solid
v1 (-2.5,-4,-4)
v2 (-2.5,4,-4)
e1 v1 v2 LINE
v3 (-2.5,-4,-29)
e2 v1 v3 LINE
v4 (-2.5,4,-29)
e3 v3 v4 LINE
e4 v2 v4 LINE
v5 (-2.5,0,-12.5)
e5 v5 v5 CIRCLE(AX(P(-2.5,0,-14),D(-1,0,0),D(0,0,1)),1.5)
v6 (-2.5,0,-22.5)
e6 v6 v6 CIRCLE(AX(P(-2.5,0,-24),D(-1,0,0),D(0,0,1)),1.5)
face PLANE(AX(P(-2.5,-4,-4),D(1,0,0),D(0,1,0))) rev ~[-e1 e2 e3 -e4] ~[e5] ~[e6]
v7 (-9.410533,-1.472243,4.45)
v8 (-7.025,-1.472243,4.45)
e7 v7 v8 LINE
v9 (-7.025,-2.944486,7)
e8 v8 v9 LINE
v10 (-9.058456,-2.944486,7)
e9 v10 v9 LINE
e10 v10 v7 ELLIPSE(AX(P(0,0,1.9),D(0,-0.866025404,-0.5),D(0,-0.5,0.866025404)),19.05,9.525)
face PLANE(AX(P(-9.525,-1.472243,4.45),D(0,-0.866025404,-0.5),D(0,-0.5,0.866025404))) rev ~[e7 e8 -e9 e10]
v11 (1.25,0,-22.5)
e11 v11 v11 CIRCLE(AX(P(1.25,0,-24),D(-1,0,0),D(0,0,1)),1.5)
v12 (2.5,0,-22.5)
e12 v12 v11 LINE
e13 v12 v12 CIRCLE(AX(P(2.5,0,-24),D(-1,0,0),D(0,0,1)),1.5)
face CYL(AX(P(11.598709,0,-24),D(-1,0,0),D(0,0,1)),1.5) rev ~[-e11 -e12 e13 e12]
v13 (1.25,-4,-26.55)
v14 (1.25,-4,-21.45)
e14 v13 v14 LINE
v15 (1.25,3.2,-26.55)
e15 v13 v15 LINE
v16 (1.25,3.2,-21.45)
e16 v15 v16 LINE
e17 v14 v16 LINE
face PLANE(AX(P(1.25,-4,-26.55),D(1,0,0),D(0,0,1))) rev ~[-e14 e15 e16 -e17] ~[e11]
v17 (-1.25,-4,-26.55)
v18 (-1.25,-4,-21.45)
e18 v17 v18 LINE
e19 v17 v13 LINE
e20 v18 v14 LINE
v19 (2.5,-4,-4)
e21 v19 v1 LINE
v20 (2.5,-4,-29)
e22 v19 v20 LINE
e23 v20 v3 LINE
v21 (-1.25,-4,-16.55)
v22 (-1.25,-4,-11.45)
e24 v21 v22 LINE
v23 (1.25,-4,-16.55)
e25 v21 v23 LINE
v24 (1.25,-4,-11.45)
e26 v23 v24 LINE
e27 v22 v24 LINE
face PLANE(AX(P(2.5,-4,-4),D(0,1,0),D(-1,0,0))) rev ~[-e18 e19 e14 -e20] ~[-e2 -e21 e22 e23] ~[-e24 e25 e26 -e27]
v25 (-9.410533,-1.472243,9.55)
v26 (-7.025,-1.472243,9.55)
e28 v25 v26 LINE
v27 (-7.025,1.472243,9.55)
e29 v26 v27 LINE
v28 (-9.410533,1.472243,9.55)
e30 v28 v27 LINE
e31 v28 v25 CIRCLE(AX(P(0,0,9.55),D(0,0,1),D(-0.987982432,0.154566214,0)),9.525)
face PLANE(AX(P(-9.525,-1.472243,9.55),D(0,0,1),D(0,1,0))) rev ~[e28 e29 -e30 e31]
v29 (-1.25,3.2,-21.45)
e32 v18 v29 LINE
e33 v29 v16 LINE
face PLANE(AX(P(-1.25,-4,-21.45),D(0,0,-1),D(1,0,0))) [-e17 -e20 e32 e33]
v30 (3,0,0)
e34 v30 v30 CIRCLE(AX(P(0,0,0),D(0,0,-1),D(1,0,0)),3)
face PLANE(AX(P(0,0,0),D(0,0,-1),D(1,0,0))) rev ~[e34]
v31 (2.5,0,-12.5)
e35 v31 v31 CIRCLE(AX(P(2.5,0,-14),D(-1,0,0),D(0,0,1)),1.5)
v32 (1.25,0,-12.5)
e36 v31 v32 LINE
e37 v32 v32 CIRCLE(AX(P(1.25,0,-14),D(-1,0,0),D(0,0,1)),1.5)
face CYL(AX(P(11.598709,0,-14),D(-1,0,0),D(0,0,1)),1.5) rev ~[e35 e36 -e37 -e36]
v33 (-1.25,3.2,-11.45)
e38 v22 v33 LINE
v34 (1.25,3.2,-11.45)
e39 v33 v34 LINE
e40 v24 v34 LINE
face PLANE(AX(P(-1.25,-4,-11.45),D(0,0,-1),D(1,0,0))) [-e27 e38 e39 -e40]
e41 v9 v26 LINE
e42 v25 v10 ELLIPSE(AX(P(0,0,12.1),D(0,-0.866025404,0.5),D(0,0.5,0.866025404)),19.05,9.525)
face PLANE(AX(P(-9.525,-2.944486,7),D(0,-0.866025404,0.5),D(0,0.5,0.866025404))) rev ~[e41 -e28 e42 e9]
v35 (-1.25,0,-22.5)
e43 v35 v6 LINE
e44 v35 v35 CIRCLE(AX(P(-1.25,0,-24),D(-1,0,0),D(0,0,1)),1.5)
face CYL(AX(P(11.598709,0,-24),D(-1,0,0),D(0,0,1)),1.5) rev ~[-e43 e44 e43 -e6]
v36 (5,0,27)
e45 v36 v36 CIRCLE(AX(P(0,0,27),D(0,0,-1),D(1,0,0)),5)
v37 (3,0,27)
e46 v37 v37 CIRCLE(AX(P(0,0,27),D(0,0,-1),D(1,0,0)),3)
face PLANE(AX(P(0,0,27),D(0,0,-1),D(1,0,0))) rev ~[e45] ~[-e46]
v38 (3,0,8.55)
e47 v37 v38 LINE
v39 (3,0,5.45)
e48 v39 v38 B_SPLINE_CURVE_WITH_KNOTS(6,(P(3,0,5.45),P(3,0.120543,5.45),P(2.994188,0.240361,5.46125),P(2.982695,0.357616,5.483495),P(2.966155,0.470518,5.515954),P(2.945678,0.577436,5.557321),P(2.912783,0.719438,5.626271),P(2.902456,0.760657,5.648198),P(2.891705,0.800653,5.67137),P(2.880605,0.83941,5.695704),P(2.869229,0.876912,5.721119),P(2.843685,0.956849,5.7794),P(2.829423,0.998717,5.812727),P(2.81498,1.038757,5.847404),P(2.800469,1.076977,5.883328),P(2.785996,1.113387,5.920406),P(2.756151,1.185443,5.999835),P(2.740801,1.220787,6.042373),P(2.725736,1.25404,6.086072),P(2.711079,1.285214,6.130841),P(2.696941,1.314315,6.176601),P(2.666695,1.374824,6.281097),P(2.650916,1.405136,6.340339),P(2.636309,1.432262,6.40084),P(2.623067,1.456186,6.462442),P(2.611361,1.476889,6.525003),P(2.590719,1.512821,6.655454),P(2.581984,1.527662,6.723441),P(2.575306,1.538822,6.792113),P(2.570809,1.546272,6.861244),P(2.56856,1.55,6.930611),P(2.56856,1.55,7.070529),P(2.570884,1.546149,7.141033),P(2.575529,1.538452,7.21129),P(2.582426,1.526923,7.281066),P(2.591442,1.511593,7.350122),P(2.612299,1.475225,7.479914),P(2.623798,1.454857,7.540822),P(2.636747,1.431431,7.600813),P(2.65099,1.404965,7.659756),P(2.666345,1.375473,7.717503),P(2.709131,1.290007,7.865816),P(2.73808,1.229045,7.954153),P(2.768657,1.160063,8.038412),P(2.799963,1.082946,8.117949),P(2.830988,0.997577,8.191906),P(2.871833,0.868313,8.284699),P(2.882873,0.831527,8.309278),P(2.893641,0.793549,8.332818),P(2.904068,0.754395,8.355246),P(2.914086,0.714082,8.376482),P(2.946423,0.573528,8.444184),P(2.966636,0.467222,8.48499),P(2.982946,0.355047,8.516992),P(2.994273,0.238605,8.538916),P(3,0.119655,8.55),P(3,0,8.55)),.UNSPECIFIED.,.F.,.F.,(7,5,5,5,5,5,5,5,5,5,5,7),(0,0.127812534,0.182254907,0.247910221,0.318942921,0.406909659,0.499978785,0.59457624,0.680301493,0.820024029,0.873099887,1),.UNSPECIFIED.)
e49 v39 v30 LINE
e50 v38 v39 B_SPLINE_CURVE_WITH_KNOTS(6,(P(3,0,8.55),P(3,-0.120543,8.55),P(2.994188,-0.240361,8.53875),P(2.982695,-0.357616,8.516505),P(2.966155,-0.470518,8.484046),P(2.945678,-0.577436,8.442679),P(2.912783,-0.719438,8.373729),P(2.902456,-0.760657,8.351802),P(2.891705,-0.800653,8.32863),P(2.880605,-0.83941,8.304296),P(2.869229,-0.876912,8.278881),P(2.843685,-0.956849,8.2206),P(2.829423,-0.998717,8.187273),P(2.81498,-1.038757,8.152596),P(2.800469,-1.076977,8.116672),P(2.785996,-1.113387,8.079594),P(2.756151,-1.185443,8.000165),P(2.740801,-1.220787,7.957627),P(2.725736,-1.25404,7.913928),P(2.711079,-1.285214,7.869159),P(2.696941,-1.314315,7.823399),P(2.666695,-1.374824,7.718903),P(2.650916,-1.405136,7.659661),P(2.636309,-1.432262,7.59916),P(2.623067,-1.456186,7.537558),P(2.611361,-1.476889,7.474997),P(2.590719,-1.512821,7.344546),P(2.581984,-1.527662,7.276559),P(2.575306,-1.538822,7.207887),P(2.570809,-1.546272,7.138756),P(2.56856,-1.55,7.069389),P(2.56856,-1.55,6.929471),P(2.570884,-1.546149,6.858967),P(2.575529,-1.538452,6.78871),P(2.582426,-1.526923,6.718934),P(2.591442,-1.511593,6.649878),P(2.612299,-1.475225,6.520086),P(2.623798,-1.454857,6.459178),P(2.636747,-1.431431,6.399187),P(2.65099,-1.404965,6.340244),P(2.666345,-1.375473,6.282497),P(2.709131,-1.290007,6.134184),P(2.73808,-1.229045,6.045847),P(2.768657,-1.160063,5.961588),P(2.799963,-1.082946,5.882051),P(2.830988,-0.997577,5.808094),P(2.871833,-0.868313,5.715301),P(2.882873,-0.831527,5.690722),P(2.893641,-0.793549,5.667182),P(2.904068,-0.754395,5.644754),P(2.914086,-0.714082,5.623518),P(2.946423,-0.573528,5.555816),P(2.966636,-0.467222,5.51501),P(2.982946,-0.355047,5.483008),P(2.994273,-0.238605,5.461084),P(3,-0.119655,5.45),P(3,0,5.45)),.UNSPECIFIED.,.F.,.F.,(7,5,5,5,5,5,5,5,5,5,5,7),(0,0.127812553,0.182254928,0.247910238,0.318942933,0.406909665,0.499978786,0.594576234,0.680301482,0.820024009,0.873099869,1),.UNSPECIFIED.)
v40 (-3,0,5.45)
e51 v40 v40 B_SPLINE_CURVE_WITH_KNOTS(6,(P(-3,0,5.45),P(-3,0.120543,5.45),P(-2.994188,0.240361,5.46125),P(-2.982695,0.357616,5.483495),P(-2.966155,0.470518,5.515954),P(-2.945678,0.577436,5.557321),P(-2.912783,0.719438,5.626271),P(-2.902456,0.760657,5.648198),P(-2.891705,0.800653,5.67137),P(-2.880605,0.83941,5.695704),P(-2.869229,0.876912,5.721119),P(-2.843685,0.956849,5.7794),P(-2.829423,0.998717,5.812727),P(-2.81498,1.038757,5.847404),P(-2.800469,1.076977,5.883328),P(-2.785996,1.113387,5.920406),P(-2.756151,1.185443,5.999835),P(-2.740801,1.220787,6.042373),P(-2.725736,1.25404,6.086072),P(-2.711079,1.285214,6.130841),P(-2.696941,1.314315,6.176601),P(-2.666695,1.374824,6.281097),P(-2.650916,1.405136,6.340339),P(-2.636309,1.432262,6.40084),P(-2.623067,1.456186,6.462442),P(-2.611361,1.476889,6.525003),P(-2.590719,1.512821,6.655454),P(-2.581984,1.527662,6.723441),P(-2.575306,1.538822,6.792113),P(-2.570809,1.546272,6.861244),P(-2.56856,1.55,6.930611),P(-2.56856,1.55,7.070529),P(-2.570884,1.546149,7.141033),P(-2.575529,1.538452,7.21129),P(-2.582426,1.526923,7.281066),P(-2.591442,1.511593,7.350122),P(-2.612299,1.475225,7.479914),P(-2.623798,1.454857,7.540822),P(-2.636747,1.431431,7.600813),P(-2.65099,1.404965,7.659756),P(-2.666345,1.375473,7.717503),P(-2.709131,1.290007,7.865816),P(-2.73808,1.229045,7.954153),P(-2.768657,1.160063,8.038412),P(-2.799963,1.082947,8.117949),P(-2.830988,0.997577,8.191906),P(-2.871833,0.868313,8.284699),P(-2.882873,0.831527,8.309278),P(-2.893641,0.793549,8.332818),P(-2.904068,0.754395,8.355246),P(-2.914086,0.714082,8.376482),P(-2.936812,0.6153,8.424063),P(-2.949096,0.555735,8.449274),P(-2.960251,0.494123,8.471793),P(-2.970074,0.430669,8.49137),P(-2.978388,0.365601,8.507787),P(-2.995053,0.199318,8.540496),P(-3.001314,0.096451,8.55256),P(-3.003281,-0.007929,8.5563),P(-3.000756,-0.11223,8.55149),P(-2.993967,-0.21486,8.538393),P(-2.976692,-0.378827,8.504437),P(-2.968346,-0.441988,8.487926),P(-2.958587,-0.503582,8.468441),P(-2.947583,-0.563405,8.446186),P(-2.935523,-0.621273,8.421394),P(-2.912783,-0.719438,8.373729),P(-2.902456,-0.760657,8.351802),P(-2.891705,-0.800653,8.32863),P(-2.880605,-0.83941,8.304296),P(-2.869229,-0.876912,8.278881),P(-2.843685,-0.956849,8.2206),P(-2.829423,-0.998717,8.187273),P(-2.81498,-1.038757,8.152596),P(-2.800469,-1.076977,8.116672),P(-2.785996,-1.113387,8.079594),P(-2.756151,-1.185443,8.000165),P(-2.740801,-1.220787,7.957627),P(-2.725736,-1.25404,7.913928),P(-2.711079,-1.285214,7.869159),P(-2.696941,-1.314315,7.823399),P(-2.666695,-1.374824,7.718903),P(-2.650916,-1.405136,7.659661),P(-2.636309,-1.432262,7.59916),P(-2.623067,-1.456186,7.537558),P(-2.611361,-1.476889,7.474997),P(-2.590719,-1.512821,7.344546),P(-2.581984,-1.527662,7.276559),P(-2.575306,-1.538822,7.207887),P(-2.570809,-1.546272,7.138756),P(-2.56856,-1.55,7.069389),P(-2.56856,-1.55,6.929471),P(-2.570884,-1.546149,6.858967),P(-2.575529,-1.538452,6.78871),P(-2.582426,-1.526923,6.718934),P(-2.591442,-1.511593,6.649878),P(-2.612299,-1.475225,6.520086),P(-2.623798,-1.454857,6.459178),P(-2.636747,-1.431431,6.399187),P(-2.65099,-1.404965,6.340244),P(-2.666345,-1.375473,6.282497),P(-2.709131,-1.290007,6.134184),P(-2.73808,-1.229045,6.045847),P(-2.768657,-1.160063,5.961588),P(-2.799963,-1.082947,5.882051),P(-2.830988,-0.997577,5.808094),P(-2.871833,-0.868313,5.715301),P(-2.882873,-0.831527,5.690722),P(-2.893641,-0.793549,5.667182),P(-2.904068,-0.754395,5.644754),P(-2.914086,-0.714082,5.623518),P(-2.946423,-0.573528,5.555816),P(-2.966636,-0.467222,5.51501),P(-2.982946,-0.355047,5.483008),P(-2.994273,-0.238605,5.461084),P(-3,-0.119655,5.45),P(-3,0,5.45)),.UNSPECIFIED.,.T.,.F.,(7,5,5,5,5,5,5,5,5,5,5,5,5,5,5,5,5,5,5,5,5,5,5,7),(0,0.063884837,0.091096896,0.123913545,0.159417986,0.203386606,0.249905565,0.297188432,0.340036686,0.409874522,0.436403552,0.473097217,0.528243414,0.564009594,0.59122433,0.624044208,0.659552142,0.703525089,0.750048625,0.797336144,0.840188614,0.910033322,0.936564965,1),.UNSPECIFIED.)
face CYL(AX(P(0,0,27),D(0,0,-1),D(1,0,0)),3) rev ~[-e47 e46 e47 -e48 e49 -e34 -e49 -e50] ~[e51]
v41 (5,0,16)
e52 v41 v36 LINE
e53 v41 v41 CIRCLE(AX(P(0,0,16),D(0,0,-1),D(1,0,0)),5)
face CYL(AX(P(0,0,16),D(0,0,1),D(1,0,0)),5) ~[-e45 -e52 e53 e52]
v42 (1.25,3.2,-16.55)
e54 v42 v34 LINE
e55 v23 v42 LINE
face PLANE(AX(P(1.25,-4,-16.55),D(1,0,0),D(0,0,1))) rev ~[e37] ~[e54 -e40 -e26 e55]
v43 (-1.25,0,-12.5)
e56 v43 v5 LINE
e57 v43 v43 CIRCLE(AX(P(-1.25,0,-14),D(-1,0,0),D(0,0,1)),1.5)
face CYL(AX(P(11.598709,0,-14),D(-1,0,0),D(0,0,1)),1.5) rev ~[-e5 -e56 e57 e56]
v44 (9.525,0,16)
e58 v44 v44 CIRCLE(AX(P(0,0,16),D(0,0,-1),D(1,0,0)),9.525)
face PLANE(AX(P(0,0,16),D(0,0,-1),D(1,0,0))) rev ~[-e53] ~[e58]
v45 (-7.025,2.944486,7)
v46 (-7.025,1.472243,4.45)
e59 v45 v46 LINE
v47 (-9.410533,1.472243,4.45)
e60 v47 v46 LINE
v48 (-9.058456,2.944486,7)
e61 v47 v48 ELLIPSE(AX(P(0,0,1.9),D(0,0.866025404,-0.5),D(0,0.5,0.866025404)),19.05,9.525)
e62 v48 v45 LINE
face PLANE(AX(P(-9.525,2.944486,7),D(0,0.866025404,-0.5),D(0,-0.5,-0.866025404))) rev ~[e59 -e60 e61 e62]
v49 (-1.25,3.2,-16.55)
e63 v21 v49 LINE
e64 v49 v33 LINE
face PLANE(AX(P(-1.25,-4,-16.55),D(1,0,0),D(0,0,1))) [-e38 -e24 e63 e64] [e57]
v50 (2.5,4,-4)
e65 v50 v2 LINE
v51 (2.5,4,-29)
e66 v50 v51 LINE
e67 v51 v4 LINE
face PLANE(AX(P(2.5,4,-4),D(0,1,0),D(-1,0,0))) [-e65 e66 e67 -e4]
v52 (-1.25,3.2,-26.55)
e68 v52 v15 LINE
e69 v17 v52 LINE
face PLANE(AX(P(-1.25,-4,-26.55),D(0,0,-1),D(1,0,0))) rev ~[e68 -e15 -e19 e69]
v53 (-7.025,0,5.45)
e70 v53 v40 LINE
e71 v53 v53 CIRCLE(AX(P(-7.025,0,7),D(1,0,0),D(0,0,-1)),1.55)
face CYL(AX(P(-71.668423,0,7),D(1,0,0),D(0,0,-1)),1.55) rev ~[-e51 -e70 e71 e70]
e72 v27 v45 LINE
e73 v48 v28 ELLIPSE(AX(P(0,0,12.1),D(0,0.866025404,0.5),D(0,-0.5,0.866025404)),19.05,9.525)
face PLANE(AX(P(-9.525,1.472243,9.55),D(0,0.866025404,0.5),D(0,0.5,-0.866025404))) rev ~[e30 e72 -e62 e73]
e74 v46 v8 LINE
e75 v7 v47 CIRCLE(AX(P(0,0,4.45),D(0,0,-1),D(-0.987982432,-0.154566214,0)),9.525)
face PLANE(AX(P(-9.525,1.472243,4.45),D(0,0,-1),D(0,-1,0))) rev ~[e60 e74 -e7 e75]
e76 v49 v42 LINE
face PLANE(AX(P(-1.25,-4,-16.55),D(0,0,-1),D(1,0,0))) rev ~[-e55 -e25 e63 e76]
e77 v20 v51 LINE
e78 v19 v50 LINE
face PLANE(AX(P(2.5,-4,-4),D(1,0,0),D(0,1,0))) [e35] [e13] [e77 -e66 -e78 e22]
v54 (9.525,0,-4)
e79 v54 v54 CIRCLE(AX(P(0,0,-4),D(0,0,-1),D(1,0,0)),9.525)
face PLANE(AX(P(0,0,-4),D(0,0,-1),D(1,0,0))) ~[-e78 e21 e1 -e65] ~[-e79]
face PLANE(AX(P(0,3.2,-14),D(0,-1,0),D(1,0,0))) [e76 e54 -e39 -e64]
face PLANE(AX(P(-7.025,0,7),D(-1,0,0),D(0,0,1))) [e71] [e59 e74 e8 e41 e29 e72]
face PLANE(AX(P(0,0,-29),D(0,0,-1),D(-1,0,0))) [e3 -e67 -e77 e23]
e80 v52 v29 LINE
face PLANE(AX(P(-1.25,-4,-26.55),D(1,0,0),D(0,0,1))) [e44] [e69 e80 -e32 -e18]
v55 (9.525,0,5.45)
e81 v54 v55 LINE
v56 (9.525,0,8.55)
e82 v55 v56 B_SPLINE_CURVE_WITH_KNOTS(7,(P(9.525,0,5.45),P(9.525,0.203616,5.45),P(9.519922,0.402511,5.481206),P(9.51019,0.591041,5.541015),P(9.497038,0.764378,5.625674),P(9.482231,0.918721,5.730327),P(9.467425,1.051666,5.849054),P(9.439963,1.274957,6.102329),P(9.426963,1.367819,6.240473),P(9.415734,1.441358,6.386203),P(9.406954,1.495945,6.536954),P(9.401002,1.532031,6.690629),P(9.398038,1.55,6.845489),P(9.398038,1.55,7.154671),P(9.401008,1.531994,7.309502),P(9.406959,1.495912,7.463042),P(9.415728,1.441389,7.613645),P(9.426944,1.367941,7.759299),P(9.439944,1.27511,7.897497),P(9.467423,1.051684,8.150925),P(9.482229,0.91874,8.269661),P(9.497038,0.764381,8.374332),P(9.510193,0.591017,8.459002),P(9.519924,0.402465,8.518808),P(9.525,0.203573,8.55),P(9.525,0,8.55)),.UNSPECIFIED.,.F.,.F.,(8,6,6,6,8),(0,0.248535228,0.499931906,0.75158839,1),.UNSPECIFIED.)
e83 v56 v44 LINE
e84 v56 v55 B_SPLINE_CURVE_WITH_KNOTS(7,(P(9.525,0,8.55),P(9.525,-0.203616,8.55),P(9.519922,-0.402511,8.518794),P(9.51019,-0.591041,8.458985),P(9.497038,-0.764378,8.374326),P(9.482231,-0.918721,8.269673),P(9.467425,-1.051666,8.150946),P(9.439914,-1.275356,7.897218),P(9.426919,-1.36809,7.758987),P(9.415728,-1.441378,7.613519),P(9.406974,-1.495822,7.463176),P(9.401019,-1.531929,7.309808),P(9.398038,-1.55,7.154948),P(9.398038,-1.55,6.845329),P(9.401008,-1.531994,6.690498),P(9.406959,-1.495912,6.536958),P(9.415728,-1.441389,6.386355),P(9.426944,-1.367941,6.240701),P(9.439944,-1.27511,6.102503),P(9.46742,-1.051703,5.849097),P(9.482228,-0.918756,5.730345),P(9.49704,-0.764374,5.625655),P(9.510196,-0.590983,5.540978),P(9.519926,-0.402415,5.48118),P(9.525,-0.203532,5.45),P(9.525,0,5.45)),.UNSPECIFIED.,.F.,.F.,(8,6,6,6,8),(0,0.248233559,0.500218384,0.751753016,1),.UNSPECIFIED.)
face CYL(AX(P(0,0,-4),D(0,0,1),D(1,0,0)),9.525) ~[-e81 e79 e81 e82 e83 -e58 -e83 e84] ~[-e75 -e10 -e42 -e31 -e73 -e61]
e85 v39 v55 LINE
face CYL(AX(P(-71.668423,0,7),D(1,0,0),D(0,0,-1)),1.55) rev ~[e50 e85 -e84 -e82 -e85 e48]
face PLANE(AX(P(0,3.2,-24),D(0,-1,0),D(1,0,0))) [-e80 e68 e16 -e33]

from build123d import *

# Parameters (mm, degrees)
SKETCH2_W                  = 5
SKETCH2_H                  = 8
BOSS_EXTRUDE1_DEPTH        = 25
M2_5_CLEARANCE_HOLE1_D     = 3
M2_5_CLEARANCE_HOLE1_DEPTH = 9.098709071
M2_5_CLEARANCE_HOLE1_TIP   = 0.901290929
SKETCH5_W                  = 2.5
SKETCH5_H                  = 5.1
CUT_EXTRUDE1_DEPTH         = 7.2
M2_5_CLEARANCE_HOLE2_D     = 3.1
SKETCH7_2_R                = 0.5
CUT_EXTRUDE2_DEPTH         = 2.5


with BuildPart() as part:
    # Sketch1 → Revolve1 (revolve)
    with BuildSketch(Plane(origin=(0, 0, 0), x_dir=(1, 0, 0), z_dir=(0, 1, 0)), mode=Mode.PRIVATE) as revolve1_sk:
        Polygon((0, 4), (-5, 4), (-9.525, 4), (-9.525, -16), (-5, -16), (-5, -27), (-3, -27), (-3, 0), (0, 0), align=None)
    revolve(revolve1_sk.sketch.rotate(Axis((0, 0, 0), (0, 0, -1)), 180), axis=Axis((0, 0, 0), (0, 0, -1)))

    # Sketch2 → Boss-Extrude1 (add)
    with BuildSketch(Plane(origin=(0, 0, -4), x_dir=(-1, 0, 0), z_dir=(0, 0, -1))):
        Rectangle(SKETCH2_W, SKETCH2_H)
    extrude(amount=BOSS_EXTRUDE1_DEPTH)

    # M2.5 Clearance Hole1
    with Locations(Plane(origin=(2.5, 0, 0), x_dir=(0, 0, -1), z_dir=(1, 0, 0))):
        with Locations((24, 0), (14, 0)):
            Hole(M2_5_CLEARANCE_HOLE1_D / 2, depth=M2_5_CLEARANCE_HOLE1_DEPTH)
            with Locations((0, 0, -(M2_5_CLEARANCE_HOLE1_DEPTH + M2_5_CLEARANCE_HOLE1_TIP / 2))):  # 118° drill point
                Cone(0, M2_5_CLEARANCE_HOLE1_D / 2, M2_5_CLEARANCE_HOLE1_TIP, mode=Mode.SUBTRACT)

    # Sketch5 → Cut-Extrude1 (cut)
    with BuildSketch(Plane.XZ.offset(4)):
        with Locations((0, -14)):
            Rectangle(SKETCH5_W, SKETCH5_H)
        with Locations((0, -24)):
            Rectangle(SKETCH5_W, SKETCH5_H)
    extrude(amount=-CUT_EXTRUDE1_DEPTH, mode=Mode.SUBTRACT)

    # M2.5 Clearance Hole2 (through all)
    with Locations(Plane.ZY.offset(9.525)):
        with Locations((7, 0)):
            Hole(M2_5_CLEARANCE_HOLE2_D / 2)

    # Sketch7<2> → Cut-Extrude2 (cut)
    with BuildSketch(Plane.ZY.offset(9.525)):
        Polygon((7, -2.944486373), (9.55, -1.472243186), (9.55, 1.472243186), (7, 2.944486373), (4.45, 1.472243186), (4.45, -1.472243186), align=None)
        with Locations((7, 0)):
            Circle(SKETCH7_2_R, mode=Mode.SUBTRACT)
    extrude(amount=-CUT_EXTRUDE2_DEPTH, mode=Mode.SUBTRACT)


solid = part.part
